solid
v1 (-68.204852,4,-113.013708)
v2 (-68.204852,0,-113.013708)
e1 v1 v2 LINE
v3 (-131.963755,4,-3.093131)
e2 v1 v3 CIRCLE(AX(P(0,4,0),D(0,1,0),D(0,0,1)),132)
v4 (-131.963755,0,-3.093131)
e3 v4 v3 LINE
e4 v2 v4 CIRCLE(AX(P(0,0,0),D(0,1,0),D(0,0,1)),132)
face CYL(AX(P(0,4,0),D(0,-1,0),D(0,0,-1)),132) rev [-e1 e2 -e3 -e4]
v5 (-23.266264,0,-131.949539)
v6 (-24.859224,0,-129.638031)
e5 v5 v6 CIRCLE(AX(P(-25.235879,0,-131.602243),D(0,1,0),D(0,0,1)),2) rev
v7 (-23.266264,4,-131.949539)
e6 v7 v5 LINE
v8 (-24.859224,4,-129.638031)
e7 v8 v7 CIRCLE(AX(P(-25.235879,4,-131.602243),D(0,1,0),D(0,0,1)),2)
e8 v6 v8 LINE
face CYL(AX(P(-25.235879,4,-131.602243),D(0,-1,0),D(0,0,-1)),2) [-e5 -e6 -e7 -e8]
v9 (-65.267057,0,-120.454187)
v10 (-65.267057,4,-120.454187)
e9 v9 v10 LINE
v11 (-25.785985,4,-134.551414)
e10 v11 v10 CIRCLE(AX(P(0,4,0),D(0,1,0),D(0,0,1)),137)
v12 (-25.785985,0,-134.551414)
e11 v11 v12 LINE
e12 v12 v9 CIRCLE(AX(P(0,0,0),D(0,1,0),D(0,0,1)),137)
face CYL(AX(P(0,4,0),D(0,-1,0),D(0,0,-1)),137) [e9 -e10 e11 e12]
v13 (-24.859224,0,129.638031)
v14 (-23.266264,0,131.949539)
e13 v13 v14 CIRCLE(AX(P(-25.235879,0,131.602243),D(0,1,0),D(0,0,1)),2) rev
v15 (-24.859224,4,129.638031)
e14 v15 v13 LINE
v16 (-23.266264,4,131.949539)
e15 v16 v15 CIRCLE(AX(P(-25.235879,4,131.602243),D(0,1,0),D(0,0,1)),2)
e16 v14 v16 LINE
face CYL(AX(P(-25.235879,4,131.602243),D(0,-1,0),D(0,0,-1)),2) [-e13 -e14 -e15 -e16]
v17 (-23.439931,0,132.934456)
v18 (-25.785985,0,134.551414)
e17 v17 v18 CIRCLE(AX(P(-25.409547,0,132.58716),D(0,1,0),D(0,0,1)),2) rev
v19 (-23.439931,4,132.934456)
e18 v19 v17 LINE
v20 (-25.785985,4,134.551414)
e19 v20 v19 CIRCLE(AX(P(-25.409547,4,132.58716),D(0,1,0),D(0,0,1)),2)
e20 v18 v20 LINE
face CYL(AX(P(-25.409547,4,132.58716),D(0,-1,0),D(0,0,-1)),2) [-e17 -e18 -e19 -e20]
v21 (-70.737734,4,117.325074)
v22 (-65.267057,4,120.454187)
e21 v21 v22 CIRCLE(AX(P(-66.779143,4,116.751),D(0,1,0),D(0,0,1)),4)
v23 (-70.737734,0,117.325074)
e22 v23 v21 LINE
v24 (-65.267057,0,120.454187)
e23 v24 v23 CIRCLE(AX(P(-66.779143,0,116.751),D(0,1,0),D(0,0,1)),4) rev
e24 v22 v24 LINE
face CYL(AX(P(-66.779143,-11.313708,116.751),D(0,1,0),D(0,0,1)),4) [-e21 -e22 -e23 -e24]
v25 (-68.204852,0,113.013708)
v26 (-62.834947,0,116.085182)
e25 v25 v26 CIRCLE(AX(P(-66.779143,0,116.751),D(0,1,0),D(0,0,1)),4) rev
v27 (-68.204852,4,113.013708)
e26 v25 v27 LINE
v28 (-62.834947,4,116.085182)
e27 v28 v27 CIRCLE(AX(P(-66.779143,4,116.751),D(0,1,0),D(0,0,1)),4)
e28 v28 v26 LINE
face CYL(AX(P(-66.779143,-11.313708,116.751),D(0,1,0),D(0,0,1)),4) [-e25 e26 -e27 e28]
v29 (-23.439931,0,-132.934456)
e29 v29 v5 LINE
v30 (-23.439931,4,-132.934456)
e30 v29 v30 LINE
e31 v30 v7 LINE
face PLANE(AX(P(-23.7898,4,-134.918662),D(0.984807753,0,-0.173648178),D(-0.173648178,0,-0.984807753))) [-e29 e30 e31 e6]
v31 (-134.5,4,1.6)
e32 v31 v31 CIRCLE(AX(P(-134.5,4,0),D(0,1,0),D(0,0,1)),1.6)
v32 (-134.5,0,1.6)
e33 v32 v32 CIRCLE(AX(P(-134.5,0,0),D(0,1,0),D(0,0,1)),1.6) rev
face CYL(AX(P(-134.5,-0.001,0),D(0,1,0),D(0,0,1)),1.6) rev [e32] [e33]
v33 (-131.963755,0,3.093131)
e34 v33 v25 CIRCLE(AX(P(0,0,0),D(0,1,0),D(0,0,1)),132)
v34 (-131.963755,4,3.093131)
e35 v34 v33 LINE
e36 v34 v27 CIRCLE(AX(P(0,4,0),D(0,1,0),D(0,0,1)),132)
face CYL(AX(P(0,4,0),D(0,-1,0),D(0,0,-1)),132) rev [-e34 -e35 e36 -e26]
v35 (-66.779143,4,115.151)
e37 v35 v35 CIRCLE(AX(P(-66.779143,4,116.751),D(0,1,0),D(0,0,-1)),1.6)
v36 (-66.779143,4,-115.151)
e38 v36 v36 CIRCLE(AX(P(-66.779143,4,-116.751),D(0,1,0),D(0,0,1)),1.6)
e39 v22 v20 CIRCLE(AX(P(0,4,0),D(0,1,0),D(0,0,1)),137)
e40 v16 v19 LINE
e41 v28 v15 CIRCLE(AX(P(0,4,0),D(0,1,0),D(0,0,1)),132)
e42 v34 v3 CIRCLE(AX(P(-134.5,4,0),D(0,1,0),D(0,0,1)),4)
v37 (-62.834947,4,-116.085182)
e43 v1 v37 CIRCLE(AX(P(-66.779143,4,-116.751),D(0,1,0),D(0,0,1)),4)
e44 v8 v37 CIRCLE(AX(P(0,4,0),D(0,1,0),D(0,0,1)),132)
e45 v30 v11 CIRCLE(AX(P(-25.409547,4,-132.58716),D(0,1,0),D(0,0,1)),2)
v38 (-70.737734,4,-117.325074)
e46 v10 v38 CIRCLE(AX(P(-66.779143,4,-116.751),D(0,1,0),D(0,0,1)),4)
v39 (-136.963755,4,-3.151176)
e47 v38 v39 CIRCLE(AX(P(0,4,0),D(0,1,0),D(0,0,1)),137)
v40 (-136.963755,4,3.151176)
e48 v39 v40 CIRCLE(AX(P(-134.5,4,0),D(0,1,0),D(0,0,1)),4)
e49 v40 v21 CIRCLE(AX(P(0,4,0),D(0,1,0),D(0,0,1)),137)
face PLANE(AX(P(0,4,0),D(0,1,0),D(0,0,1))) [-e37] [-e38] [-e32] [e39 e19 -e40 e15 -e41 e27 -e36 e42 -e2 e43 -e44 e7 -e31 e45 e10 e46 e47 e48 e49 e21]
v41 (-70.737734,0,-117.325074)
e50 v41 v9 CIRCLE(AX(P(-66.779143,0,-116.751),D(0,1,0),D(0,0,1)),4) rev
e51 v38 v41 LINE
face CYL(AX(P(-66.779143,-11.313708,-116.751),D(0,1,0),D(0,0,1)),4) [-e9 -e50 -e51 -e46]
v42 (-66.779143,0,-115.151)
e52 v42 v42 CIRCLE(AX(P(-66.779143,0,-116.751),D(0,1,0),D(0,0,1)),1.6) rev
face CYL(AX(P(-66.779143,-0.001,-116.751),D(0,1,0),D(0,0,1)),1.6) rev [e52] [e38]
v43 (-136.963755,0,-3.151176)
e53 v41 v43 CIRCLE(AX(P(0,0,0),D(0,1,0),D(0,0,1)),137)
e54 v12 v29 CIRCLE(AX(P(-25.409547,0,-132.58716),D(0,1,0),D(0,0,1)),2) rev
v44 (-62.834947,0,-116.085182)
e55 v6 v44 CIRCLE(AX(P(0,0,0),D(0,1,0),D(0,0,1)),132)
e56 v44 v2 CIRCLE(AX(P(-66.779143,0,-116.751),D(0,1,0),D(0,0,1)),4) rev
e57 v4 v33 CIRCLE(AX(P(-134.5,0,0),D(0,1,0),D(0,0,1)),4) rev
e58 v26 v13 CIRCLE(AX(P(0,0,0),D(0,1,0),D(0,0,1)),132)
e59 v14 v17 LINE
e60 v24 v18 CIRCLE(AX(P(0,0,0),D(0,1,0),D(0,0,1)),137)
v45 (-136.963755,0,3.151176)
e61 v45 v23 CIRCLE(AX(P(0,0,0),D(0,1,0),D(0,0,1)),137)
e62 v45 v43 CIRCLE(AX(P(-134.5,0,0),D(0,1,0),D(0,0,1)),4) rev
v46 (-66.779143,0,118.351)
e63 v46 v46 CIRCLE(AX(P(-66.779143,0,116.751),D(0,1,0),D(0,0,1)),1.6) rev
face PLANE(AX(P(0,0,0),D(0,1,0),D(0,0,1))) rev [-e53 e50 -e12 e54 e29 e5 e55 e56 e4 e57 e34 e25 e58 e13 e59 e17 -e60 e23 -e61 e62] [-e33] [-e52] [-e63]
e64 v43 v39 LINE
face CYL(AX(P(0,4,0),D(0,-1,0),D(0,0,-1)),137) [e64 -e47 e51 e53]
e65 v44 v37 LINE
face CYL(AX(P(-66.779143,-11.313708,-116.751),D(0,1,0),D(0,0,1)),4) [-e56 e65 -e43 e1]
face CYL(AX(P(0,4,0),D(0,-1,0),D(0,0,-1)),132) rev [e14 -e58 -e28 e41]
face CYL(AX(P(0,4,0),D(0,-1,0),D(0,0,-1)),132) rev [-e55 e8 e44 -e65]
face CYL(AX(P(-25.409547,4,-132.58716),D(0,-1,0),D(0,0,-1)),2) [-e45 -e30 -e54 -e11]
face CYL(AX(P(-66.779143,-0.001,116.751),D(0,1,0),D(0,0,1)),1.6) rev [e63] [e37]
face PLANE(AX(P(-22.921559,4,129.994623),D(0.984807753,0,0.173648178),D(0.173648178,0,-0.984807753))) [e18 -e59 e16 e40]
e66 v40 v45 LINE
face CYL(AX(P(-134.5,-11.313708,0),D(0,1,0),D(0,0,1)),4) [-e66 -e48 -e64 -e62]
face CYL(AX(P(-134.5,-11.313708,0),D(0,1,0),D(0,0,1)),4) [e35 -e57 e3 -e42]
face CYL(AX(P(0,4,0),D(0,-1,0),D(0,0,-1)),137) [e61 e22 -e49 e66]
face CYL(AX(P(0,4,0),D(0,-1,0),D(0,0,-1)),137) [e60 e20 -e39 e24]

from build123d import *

# Parameters (mm, degrees)
BOSS_EXTRUDE1_DEPTH = 4
FILLET2_R           = 2
CUT_EXTRUDE1_REACH  = 194.09
SKETCH2_R           = 1.6
SKETCH3_R           = 4
SKETCH3_R_2         = 1.6
BOSS_EXTRUDE2_DEPTH = 4


with BuildPart() as part:
    # Sketch1 → Boss-Extrude1 (new body)
    with BuildSketch(Plane(origin=(0, 0, 0), x_dir=(1, 0, 0), z_dir=(0, 1, 0))):
        with BuildLine():
            Line((-22.921559452, -129.994623398), (-23.78980034, -134.918662163))
            ThreePointArc((-23.78980034, -134.918662163), (-137, 0), (-23.78980034, 134.918662163))
            Line((-23.78980034, 134.918662163), (-22.921559452, 129.994623398))
            ThreePointArc((-22.921559452, 129.994623398), (-132, 0), (-22.921559452, -129.994623398))
        make_face()
    extrude(amount=BOSS_EXTRUDE1_DEPTH)

    # Fillet2
    fillet2_edges = [part.edges().sort_by_distance(p)[0] for p in [
        (-23.78980034, 2, -134.918662163),
        (-23.78980034, 2, 134.918662163),
        (-22.921559452, 2, 129.994623398),
        (-22.921559452, 2, -129.994623398),
    ]]
    fillet(fillet2_edges, radius=FILLET2_R)

    # Sketch2 → Cut-Extrude1 (cut, up to next)
    with BuildSketch(Plane(origin=(0, 4, 0), x_dir=(1, 0, 0), z_dir=(0, 1, 0)), mode=Mode.PRIVATE) as cut_extrude1_sk1:
        with Locations(Location((-66.779143443, 116.751, 0), (0, 0, 270))):
            Circle(SKETCH2_R)
    cut_extrude1_tool1 = extrude(cut_extrude1_sk1.sketch, amount=-CUT_EXTRUDE1_REACH, mode=Mode.PRIVATE) & part.part
    # Sketch2 → Cut-Extrude1 (cut, up to next)
    with BuildSketch(Plane(origin=(0, 4, 0), x_dir=(1, 0, 0), z_dir=(0, 1, 0)), mode=Mode.PRIVATE) as cut_extrude1_sk2:
        with Locations(Location((-134.5, 0, 0), (0, 0, 270))):
            Circle(SKETCH2_R)
    cut_extrude1_tool2 = extrude(cut_extrude1_sk2.sketch, amount=-CUT_EXTRUDE1_REACH, mode=Mode.PRIVATE) & part.part
    # Sketch2 → Cut-Extrude1 (cut, up to next)
    with BuildSketch(Plane(origin=(0, 4, 0), x_dir=(1, 0, 0), z_dir=(0, 1, 0)), mode=Mode.PRIVATE) as cut_extrude1_sk3:
        with Locations(Location((-66.779143443, -116.751, 0), (0, 0, 270))):
            Circle(SKETCH2_R)
    cut_extrude1_tool3 = extrude(cut_extrude1_sk3.sketch, amount=-CUT_EXTRUDE1_REACH, mode=Mode.PRIVATE) & part.part
    add(cut_extrude1_tool1.solids().sort_by_distance((-66.779143, 4, -116.751))[0], mode=Mode.SUBTRACT)
    add(cut_extrude1_tool2.solids().sort_by_distance((-134.5, 4, 0))[0], mode=Mode.SUBTRACT)
    add(cut_extrude1_tool3.solids().sort_by_distance((-66.779143, 4, 116.751))[0], mode=Mode.SUBTRACT)

    # Sketch3 → Boss-Extrude2 (add)
    # profile 1 of 3: a face of its own
    with BuildSketch(Plane(origin=(0, 4, 0), x_dir=(1, 0, 0), z_dir=(0, 1, 0))):
        with Locations((-66.779143443, -116.751)):
            Circle(SKETCH3_R)
        with Locations(Location((-66.779143443, -116.751, 0), (0, 0, 270))):
            Circle(SKETCH3_R_2, mode=Mode.SUBTRACT)
    # profile 2 of 3: a face of its own
    with BuildSketch(Plane(origin=(0, 4, 0), x_dir=(1, 0, 0), z_dir=(0, 1, 0))):
        with Locations((-134.5, 0)):
            Circle(SKETCH3_R)
        with Locations(Location((-134.5, 0, 0), (0, 0, 270))):
            Circle(SKETCH3_R_2, mode=Mode.SUBTRACT)
    # profile 3 of 3: a face of its own
    with BuildSketch(Plane(origin=(0, 4, 0), x_dir=(1, 0, 0), z_dir=(0, 1, 0))):
        with Locations((-66.779143443, 116.751)):
            Circle(SKETCH3_R)
        with Locations(Location((-66.779143443, 116.751, 0), (0, 0, 270))):
            Circle(SKETCH3_R_2, mode=Mode.SUBTRACT)
    extrude(amount=-BOSS_EXTRUDE2_DEPTH)


solid = part.part
